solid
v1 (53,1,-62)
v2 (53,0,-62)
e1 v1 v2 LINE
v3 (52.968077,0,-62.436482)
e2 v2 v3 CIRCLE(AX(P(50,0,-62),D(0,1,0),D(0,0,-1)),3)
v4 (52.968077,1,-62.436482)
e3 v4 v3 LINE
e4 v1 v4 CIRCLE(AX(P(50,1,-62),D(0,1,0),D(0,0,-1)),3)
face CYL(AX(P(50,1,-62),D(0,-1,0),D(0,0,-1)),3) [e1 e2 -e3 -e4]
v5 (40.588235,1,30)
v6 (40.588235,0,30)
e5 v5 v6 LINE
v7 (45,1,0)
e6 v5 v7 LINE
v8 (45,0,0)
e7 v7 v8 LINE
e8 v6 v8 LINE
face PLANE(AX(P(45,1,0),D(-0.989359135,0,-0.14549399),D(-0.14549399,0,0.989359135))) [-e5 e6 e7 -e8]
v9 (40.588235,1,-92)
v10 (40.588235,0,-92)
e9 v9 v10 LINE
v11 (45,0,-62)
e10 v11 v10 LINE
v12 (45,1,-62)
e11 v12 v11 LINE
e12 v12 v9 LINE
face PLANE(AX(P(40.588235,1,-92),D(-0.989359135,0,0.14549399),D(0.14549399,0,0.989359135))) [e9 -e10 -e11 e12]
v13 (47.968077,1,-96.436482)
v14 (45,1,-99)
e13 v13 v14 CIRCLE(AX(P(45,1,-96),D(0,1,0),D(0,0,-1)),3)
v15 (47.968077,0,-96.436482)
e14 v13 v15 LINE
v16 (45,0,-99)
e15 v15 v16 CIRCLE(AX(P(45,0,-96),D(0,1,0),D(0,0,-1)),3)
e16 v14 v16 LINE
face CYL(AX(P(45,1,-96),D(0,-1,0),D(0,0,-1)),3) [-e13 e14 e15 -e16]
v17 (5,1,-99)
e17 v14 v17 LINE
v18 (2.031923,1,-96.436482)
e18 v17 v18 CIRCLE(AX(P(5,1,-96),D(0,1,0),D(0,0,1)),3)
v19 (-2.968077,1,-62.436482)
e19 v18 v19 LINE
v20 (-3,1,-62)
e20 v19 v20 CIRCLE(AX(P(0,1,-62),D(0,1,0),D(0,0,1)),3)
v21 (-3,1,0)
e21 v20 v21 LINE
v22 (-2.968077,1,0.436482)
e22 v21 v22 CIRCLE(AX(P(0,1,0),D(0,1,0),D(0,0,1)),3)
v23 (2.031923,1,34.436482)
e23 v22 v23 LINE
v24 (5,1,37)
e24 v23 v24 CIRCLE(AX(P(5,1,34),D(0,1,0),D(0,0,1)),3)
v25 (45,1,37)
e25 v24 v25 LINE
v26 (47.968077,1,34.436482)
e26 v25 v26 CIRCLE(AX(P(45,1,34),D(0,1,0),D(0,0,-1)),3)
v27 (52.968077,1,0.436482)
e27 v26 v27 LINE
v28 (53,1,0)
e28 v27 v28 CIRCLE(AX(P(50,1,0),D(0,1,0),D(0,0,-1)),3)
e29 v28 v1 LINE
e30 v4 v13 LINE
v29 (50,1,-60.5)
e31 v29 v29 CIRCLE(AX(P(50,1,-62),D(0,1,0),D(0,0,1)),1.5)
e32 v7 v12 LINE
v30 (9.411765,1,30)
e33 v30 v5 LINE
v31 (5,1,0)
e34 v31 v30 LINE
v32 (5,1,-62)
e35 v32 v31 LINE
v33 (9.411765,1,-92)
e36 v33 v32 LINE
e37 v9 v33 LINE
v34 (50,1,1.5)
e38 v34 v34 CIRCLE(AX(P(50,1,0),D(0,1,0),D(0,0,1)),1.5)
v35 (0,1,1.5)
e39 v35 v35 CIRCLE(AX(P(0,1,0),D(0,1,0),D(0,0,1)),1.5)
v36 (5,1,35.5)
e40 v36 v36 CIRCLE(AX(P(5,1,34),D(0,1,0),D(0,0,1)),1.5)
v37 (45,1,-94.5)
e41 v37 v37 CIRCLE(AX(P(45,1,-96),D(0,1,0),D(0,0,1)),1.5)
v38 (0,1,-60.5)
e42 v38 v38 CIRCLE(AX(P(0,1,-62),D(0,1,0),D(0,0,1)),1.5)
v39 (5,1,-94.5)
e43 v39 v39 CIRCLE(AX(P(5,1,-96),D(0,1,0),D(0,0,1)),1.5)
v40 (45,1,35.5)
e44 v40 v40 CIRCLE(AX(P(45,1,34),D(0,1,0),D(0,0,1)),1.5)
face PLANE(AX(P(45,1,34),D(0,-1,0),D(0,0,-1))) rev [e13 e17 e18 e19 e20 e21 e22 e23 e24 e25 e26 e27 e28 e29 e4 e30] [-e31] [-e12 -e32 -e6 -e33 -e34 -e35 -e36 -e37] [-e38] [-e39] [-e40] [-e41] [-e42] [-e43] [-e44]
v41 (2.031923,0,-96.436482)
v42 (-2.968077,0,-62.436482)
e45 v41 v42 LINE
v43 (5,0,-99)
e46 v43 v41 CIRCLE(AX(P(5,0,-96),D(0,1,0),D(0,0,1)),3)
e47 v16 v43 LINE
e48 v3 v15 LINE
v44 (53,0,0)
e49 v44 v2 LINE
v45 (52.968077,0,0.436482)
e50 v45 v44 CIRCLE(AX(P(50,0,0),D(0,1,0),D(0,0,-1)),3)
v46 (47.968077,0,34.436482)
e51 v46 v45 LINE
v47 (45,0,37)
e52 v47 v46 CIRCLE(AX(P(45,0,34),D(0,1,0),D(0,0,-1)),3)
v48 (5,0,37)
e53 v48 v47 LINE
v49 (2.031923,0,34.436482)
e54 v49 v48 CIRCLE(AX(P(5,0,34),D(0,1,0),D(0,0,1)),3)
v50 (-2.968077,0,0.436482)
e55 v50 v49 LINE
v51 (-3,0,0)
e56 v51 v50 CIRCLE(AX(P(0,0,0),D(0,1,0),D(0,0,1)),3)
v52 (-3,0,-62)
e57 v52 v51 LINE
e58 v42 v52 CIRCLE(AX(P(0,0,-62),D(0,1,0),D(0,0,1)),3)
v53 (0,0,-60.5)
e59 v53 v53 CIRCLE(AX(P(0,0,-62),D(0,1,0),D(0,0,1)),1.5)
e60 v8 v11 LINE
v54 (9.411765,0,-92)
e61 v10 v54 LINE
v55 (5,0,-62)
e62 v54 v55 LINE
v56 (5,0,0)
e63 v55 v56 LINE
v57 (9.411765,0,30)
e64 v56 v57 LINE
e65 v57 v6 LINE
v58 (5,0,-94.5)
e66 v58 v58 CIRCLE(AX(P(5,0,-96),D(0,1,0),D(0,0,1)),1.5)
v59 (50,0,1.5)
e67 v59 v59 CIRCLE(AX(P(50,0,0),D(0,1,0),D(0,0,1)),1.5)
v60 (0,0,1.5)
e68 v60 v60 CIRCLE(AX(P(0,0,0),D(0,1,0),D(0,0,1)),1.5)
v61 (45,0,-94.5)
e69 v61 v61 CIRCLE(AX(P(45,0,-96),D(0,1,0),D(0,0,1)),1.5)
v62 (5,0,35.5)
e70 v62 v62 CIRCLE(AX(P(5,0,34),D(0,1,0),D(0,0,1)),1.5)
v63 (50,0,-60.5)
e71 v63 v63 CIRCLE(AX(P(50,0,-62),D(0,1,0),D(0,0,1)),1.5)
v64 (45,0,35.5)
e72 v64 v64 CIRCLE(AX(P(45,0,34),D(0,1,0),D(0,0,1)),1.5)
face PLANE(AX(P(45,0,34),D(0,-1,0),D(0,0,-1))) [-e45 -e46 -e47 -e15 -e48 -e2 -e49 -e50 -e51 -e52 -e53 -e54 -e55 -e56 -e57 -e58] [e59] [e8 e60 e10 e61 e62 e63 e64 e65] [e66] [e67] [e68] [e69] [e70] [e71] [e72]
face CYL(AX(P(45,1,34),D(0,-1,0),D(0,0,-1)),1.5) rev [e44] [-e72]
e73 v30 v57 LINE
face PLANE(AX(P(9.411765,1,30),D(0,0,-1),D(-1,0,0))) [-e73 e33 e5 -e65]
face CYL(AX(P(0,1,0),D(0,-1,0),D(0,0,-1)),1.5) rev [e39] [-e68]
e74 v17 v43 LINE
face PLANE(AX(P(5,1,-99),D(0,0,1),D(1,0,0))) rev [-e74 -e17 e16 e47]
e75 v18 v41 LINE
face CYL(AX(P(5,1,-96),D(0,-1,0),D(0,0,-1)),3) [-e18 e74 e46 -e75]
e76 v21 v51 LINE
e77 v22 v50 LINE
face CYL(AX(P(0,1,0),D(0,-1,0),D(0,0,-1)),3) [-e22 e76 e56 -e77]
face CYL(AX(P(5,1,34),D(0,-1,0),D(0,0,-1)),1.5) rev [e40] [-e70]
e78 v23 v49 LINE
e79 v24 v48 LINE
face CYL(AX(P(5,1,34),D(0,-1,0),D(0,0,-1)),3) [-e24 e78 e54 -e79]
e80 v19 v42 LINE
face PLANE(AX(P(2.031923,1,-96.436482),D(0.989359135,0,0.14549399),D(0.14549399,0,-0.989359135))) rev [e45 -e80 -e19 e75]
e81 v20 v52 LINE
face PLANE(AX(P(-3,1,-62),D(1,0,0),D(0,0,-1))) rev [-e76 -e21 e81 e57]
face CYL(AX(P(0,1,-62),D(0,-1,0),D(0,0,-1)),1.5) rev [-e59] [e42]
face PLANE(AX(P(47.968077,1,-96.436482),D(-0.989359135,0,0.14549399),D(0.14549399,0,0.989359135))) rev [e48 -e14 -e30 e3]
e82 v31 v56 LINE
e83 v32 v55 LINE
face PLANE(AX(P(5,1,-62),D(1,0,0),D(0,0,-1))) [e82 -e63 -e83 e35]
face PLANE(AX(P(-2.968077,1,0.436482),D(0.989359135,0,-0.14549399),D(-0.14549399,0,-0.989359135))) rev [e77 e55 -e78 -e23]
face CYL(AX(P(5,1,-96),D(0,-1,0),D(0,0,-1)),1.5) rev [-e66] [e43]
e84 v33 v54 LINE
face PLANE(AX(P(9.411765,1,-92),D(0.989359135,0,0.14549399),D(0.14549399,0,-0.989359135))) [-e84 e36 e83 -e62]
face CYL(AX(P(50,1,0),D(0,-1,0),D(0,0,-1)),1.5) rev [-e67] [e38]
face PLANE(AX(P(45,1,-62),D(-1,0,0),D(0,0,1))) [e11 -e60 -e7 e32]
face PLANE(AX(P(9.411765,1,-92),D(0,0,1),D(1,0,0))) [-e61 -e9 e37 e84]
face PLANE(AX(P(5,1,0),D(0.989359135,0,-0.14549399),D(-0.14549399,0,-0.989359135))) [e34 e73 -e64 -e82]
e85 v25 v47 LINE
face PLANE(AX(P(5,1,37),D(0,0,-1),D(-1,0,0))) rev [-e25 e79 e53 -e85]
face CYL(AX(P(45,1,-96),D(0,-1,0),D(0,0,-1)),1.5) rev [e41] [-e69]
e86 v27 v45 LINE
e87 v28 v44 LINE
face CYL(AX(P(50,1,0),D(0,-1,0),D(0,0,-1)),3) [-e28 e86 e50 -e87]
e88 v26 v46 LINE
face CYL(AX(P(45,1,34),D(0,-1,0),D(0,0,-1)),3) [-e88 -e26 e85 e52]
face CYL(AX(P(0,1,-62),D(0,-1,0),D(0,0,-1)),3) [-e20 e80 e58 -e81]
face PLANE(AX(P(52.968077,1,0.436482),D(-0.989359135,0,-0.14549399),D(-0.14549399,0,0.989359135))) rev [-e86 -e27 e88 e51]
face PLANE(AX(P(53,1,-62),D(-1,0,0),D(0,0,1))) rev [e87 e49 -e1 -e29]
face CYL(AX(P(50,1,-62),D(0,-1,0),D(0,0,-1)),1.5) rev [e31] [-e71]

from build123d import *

# Parameters (mm, degrees)
SKETCH_1_R      = 1.5
EXTRUDE_1_DEPTH = 1


with BuildPart() as part:
    # 草图1 → 凸台-拉伸1 (new body)
    with BuildSketch(Plane(origin=(0, 0, 0), x_dir=(1, 0, 0), z_dir=(0, 1, 0))):
        with BuildLine():
            Line((5, 99), (45, 99))
            ThreePointArc((45, 99), (46.960937797, 98.270401497), (47.968077406, 96.436481971))
            Line((47.968077406, 96.436481971), (52.968077406, 62.436481971))
            ThreePointArc((52.968077406, 62.436481971), (52.992008708, 62.218823881), (53, 62))
            Line((53, 62), (53, 0))
            ThreePointArc((53, 0), (52.992008708, -0.218823881), (52.968077406, -0.436481971))
            Line((52.968077406, -0.436481971), (47.968077406, -34.436481971))
            ThreePointArc((47.968077406, -34.436481971), (46.960937797, -36.270401497), (45, -37))
            Line((45, -37), (5, -37))
            ThreePointArc((5, -37), (3.039062203, -36.270401497), (2.031922594, -34.436481971))
            Line((2.031922594, -34.436481971), (-2.968077406, -0.436481971))
            ThreePointArc((-2.968077406, -0.436481971), (-2.992008708, -0.218823881), (-3, 0))
            Line((-3, 0), (-3, 62))
            ThreePointArc((-3, 62), (-2.992008708, 62.218823881), (-2.968077406, 62.436481971))
            Line((-2.968077406, 62.436481971), (2.031922594, 96.436481971))
            ThreePointArc((2.031922594, 96.436481971), (3.039062203, 98.270401497), (5, 99))
        make_face()
        with Locations(Location((0, 62, 0), (0, 0, 270))):
            Circle(SKETCH_1_R, mode=Mode.SUBTRACT)
        with Locations(Location((50, 62, 0), (0, 0, 270))):
            Circle(SKETCH_1_R, mode=Mode.SUBTRACT)
        with Locations(Location((0, 0, 0), (0, 0, 270))):
            Circle(SKETCH_1_R, mode=Mode.SUBTRACT)
        with Locations(Location((50, 0, 0), (0, 0, 270))):
            Circle(SKETCH_1_R, mode=Mode.SUBTRACT)
        with Locations(Location((5, 96, 0), (0, 0, 270))):
            Circle(SKETCH_1_R, mode=Mode.SUBTRACT)
        with Locations(Location((45, 96, 0), (0, 0, 270))):
            Circle(SKETCH_1_R, mode=Mode.SUBTRACT)
        with Locations(Location((5, -34, 0), (0, 0, 270))):
            Circle(SKETCH_1_R, mode=Mode.SUBTRACT)
        with Locations(Location((45, -34, 0), (0, 0, 270))):
            Circle(SKETCH_1_R, mode=Mode.SUBTRACT)
        Polygon((9.411764706, 92), (5, 62), (5, 0), (9.411764706, -30), (40.588235294, -30), (45, 0), (45, 62), (40.588235294, 92), align=None, mode=Mode.SUBTRACT)
    extrude(amount=EXTRUDE_1_DEPTH)


solid = part.part
